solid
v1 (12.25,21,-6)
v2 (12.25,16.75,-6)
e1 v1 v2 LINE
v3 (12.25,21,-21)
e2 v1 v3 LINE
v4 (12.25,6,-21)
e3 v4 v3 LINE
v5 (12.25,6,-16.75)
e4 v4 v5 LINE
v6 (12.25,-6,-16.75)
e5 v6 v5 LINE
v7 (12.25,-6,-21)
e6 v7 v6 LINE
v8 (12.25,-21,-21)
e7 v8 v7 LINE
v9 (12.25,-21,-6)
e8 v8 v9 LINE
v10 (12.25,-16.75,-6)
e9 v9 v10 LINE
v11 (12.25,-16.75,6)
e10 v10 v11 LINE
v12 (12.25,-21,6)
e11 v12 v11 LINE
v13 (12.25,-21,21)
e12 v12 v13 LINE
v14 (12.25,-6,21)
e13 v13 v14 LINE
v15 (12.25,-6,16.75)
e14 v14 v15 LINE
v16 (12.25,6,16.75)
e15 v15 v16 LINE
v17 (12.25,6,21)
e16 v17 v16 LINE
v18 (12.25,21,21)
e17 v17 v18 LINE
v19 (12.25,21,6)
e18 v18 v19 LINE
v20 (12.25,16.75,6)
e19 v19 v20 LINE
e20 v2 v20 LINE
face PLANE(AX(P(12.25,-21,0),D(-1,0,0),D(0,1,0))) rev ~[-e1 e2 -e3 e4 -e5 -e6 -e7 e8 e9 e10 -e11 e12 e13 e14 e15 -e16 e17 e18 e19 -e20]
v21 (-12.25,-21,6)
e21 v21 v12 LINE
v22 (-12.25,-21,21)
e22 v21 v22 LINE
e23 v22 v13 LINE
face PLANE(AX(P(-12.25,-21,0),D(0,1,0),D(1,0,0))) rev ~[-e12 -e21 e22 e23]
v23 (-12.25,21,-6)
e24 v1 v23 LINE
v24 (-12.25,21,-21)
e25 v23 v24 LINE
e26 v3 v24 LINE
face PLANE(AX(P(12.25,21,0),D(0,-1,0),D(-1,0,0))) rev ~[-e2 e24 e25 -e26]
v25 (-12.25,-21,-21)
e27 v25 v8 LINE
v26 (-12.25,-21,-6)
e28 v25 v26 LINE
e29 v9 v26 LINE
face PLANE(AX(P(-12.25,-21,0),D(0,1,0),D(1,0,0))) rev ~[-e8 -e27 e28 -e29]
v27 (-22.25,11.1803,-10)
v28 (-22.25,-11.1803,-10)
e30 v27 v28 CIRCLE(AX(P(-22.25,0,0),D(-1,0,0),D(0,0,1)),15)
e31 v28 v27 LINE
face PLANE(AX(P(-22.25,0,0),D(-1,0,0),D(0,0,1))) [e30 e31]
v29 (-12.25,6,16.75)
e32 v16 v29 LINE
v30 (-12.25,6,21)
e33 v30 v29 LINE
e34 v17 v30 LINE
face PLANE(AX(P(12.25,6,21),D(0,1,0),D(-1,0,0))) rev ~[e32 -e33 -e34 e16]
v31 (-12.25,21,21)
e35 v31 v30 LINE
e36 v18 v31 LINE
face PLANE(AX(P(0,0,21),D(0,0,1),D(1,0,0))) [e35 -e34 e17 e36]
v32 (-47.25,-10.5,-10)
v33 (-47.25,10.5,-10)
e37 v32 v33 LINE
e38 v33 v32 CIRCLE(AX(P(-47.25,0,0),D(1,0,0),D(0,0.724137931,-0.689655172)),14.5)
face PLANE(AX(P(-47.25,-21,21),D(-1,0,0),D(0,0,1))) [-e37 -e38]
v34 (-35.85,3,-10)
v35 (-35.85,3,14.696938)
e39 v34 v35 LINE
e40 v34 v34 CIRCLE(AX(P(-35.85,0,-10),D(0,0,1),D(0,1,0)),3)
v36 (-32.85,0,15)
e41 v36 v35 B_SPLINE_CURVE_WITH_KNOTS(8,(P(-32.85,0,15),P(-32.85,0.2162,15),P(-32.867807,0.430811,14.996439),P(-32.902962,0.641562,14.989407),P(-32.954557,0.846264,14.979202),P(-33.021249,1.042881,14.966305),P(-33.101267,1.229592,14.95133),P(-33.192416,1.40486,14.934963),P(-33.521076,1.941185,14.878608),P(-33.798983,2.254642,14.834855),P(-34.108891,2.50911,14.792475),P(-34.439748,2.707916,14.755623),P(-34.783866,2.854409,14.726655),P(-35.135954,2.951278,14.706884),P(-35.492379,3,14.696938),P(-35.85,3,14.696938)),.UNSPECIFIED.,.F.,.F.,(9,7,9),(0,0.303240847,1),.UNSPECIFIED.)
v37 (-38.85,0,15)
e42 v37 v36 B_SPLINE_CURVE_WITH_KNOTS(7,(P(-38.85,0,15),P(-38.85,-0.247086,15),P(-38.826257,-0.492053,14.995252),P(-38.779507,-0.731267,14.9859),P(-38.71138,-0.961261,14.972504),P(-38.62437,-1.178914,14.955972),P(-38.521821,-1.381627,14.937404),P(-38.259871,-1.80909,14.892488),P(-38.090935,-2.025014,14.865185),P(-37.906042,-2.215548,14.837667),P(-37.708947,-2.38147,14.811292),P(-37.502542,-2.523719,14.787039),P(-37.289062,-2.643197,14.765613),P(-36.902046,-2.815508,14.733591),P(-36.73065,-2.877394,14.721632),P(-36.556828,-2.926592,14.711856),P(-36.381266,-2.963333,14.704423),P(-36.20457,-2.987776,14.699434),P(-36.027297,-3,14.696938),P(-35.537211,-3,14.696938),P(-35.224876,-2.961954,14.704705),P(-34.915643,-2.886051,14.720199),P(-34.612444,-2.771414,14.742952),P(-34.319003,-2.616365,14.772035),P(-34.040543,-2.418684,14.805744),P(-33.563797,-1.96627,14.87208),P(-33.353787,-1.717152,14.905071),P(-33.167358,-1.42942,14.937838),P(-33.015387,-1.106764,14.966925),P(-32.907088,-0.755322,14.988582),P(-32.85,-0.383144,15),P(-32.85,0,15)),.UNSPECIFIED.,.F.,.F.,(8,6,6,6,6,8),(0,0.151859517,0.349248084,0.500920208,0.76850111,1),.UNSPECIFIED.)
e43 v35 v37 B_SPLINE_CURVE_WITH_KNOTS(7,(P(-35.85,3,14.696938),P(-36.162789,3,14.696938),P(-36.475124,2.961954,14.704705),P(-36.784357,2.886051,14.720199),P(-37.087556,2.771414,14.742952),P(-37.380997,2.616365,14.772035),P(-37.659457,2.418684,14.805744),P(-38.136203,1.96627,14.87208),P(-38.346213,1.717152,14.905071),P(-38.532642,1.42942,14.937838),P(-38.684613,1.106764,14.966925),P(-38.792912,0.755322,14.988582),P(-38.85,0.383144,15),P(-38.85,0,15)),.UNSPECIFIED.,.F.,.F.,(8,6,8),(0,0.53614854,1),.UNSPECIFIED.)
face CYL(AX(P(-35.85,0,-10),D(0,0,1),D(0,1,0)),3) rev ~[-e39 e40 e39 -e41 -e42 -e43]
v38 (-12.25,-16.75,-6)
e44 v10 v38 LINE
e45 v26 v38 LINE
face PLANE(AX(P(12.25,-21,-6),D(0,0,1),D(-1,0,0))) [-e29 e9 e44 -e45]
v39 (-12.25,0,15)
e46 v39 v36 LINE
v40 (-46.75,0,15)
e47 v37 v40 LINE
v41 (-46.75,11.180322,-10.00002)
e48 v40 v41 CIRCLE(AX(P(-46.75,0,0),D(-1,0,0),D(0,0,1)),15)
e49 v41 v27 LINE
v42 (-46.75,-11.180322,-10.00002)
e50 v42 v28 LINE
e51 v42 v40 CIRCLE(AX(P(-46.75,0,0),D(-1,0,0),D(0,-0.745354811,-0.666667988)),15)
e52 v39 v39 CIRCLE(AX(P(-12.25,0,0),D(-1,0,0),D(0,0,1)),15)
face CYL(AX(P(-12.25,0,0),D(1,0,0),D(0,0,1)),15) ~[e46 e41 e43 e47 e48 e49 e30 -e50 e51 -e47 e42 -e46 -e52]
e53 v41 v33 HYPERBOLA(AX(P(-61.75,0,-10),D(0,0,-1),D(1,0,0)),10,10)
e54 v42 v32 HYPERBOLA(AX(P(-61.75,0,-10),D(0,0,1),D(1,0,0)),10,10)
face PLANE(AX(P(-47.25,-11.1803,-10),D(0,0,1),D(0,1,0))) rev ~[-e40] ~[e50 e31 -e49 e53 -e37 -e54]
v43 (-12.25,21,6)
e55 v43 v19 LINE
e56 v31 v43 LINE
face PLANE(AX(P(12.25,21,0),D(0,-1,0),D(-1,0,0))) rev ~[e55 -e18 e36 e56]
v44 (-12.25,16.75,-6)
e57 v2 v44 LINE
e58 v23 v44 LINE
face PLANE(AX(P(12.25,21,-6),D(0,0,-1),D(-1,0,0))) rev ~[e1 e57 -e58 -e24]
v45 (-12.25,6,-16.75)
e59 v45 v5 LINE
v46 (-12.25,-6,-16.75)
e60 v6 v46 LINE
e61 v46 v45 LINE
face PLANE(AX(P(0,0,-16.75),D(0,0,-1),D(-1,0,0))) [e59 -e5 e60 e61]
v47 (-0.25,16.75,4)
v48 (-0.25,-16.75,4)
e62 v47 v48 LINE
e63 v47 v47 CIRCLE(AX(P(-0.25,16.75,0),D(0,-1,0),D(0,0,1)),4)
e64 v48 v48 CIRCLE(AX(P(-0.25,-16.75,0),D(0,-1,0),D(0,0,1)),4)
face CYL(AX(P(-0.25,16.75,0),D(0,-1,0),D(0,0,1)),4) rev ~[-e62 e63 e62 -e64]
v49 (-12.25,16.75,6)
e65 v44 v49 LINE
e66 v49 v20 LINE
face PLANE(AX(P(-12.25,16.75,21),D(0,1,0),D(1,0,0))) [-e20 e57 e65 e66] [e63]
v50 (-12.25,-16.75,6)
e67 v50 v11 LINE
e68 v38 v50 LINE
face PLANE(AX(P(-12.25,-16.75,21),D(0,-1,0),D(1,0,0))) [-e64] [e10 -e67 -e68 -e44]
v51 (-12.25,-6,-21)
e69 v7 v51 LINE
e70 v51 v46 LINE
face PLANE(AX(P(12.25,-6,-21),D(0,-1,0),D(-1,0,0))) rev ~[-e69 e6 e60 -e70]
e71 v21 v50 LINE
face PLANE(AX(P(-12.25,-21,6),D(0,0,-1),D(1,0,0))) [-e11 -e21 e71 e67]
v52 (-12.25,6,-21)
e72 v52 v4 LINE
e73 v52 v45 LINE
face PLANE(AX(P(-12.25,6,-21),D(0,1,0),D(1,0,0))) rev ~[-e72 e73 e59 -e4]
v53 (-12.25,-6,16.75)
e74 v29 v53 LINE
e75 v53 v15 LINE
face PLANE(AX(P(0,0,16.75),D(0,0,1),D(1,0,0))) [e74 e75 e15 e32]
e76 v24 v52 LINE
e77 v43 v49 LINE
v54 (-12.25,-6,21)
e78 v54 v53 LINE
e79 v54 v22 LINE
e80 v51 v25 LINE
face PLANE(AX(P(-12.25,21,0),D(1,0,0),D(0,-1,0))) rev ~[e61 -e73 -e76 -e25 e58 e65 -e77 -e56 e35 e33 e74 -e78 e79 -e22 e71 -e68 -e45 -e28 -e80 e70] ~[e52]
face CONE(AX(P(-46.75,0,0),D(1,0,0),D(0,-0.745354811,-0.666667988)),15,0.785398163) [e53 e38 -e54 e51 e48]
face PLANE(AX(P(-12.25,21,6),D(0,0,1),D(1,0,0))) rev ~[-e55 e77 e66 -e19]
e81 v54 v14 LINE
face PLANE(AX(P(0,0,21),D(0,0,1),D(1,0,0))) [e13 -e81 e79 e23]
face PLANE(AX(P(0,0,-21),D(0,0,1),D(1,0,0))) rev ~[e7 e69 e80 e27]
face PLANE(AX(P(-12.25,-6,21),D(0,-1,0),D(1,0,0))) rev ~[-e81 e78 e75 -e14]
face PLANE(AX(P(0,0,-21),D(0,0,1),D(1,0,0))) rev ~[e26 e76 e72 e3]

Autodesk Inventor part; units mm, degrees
ref_plane "YZ Plane" through (0, 0, 0) normal (1, 0, 0) x (0, 1, 0)
ref_plane "XZ Plane" through (0, 0, 0) normal (0, 1, 0) x (-1, 0, 0)
ref_plane "XY Plane" through (0, 0, 0) normal (0, 0, 1) x (1, 0, 0)
sketch "Эскиз1" plane through (0, 0, 0) normal (0, 0, 1) x (1, 0, 0)
  line L0 (-12.25, -21) -> (12.25, -21)
  line L1 (12.25, -21) -> (12.25, 21)
  line L2 (12.25, 21) -> (-12.25, 21)
  line L3 (-12.25, 21) -> (-12.25, -21)
  line L4 (-12.25, -21) -> (12.25, 21) construction
  line L5 (12.25, -21) -> (-12.25, 21) construction
  point P0 (0, 0)
  dimension "d0" = 24.5
  dimension "d1" = 42
extrude "Выдавливание1" add sketch "Эскиз1" along normal mid plane 42
sketch "Эскиз2" plane through (-12.25, -21, 21) normal (-1, 0, 0) x (0, 0, 1)
  circle A0 centre (-21, 21) radius 15
  dimension "d4" = 30
extrude "Выдавливание2" add sketch "Эскиз2" along normal blind 35
sketch "Эскиз3" plane through (-47.25, 0, 0) normal (-1, 0, 0) x (0, 0, 1)
  circle A0 centre (0, 0) radius 15 projected
  line L0 (-10, -11.1803) -> (-10, 11.1803)
  dimension "d7" = 25
extrude "Выдавливание3" cut sketch "Эскиз3" against normal blind 25 contours L0 A0 picked at (-11.6306, -0.5993)
chamfer "Фаска1" distance 0.5 angle 45 2 edges at (-47.25, -13.6931, 6.1237) (-47.25, 13.6931, 6.1237)
sketch "Эскиз4" plane through (-12.25, 21, 21) normal (0, 1, 0) x (1, 0, 0)
  line L0 (24.5, 42) -> (24.5, 0) projected
  line L1 (0, 15) -> (24.5, 15)
  line L2 (24.5, 15) -> (24.5, 27)
  line L3 (24.5, 27) -> (0, 27)
  line L4 (0, 27) -> (0, 15)
  line L5 (0, 15) -> (24.5, 27) construction
  line L6 (24.5, 15) -> (0, 27) construction
  point P0 (12.25, 21)
  dimension "d13" = 12
extrude "Выдавливание4" cut sketch "Эскиз4" against normal blind 4.25
sketch "Эскиз5" plane through (-12.25, -21, 21) normal (0, -1, 0) x (1, 0, 0)
  line L0 (24.5, -42) -> (24.5, 0) projected
  line L1 (0, -15) -> (24.5, -15)
  line L2 (24.5, -15) -> (24.5, -27)
  line L3 (24.5, -27) -> (0, -27)
  line L4 (0, -27) -> (0, -15)
  line L5 (0, -15) -> (24.5, -27) construction
  line L6 (24.5, -15) -> (0, -27) construction
  point P0 (12.25, -21)
  dimension "d16" = 12
extrude "Выдавливание5" cut sketch "Эскиз5" against normal blind 4.25
sketch "Эскиз6" plane through (0, 0, -21) normal (0, 0, -1) x (-1, 0, 0)
  line L0 (-12.25, -21) -> (-12.25, 21) projected
  line L1 (12.25, 6) -> (-12.25, 6)
  line L2 (-12.25, 6) -> (-12.25, -6)
  line L3 (-12.25, -6) -> (12.25, -6)
  line L4 (12.25, -6) -> (12.25, 6)
  line L5 (12.25, 6) -> (-12.25, -6) construction
  line L6 (-12.25, 6) -> (12.25, -6) construction
  point P0 (0, 0)
  dimension "d19" = 12
extrude "Выдавливание6" cut sketch "Эскиз6" against normal blind 4.25
sketch "Эскиз7" plane through (0, 0, 21) normal (0, 0, 1) x (1, 0, 0)
  line L0 (-12.25, 6) -> (-12.25, -6) projected
  line L1 (12.25, 6) -> (-12.25, 6)
  line L2 (-12.25, 6) -> (-12.25, -6)
  line L3 (-12.25, -6) -> (12.25, -6)
  line L4 (12.25, -6) -> (12.25, 6)
  line L5 (12.25, 6) -> (-12.25, -6) construction
  line L6 (-12.25, 6) -> (12.25, -6) construction
  point P0 (0, 0)
  dimension "d22" = 12
extrude "Выдавливание7" cut sketch "Эскиз7" against normal blind 4.25
sketch "Эскиз8" plane through (-22.25, -11.1803, -10) normal (0, 0, -1) x (-1, 0, 0)
  line L0 (25, 21.6803) -> (25, 0.6803) projected
  point P0 (-22.25, 11.1803)
  point P1 (13.6, 11.1803)
  dimension "d25" = 11.4
hole "Отверстие1" at (-35.85, 0, -10) direction (0, 0, 1) diameter 6 end through all
sketch "Эскиз9" plane through (-12.25, 16.75, 21) normal (0, 1, 0) x (1, 0, 0)
  line L0 (24.5, 27) -> (24.5, 15) projected
  point P0 (12.25, 21)
  point P1 (12, 21)
  dimension "d33" = 12.5
hole "Отверстие2" at (-0.25, 16.75, 0) direction (0, -1, 0) diameter 8 end through all
